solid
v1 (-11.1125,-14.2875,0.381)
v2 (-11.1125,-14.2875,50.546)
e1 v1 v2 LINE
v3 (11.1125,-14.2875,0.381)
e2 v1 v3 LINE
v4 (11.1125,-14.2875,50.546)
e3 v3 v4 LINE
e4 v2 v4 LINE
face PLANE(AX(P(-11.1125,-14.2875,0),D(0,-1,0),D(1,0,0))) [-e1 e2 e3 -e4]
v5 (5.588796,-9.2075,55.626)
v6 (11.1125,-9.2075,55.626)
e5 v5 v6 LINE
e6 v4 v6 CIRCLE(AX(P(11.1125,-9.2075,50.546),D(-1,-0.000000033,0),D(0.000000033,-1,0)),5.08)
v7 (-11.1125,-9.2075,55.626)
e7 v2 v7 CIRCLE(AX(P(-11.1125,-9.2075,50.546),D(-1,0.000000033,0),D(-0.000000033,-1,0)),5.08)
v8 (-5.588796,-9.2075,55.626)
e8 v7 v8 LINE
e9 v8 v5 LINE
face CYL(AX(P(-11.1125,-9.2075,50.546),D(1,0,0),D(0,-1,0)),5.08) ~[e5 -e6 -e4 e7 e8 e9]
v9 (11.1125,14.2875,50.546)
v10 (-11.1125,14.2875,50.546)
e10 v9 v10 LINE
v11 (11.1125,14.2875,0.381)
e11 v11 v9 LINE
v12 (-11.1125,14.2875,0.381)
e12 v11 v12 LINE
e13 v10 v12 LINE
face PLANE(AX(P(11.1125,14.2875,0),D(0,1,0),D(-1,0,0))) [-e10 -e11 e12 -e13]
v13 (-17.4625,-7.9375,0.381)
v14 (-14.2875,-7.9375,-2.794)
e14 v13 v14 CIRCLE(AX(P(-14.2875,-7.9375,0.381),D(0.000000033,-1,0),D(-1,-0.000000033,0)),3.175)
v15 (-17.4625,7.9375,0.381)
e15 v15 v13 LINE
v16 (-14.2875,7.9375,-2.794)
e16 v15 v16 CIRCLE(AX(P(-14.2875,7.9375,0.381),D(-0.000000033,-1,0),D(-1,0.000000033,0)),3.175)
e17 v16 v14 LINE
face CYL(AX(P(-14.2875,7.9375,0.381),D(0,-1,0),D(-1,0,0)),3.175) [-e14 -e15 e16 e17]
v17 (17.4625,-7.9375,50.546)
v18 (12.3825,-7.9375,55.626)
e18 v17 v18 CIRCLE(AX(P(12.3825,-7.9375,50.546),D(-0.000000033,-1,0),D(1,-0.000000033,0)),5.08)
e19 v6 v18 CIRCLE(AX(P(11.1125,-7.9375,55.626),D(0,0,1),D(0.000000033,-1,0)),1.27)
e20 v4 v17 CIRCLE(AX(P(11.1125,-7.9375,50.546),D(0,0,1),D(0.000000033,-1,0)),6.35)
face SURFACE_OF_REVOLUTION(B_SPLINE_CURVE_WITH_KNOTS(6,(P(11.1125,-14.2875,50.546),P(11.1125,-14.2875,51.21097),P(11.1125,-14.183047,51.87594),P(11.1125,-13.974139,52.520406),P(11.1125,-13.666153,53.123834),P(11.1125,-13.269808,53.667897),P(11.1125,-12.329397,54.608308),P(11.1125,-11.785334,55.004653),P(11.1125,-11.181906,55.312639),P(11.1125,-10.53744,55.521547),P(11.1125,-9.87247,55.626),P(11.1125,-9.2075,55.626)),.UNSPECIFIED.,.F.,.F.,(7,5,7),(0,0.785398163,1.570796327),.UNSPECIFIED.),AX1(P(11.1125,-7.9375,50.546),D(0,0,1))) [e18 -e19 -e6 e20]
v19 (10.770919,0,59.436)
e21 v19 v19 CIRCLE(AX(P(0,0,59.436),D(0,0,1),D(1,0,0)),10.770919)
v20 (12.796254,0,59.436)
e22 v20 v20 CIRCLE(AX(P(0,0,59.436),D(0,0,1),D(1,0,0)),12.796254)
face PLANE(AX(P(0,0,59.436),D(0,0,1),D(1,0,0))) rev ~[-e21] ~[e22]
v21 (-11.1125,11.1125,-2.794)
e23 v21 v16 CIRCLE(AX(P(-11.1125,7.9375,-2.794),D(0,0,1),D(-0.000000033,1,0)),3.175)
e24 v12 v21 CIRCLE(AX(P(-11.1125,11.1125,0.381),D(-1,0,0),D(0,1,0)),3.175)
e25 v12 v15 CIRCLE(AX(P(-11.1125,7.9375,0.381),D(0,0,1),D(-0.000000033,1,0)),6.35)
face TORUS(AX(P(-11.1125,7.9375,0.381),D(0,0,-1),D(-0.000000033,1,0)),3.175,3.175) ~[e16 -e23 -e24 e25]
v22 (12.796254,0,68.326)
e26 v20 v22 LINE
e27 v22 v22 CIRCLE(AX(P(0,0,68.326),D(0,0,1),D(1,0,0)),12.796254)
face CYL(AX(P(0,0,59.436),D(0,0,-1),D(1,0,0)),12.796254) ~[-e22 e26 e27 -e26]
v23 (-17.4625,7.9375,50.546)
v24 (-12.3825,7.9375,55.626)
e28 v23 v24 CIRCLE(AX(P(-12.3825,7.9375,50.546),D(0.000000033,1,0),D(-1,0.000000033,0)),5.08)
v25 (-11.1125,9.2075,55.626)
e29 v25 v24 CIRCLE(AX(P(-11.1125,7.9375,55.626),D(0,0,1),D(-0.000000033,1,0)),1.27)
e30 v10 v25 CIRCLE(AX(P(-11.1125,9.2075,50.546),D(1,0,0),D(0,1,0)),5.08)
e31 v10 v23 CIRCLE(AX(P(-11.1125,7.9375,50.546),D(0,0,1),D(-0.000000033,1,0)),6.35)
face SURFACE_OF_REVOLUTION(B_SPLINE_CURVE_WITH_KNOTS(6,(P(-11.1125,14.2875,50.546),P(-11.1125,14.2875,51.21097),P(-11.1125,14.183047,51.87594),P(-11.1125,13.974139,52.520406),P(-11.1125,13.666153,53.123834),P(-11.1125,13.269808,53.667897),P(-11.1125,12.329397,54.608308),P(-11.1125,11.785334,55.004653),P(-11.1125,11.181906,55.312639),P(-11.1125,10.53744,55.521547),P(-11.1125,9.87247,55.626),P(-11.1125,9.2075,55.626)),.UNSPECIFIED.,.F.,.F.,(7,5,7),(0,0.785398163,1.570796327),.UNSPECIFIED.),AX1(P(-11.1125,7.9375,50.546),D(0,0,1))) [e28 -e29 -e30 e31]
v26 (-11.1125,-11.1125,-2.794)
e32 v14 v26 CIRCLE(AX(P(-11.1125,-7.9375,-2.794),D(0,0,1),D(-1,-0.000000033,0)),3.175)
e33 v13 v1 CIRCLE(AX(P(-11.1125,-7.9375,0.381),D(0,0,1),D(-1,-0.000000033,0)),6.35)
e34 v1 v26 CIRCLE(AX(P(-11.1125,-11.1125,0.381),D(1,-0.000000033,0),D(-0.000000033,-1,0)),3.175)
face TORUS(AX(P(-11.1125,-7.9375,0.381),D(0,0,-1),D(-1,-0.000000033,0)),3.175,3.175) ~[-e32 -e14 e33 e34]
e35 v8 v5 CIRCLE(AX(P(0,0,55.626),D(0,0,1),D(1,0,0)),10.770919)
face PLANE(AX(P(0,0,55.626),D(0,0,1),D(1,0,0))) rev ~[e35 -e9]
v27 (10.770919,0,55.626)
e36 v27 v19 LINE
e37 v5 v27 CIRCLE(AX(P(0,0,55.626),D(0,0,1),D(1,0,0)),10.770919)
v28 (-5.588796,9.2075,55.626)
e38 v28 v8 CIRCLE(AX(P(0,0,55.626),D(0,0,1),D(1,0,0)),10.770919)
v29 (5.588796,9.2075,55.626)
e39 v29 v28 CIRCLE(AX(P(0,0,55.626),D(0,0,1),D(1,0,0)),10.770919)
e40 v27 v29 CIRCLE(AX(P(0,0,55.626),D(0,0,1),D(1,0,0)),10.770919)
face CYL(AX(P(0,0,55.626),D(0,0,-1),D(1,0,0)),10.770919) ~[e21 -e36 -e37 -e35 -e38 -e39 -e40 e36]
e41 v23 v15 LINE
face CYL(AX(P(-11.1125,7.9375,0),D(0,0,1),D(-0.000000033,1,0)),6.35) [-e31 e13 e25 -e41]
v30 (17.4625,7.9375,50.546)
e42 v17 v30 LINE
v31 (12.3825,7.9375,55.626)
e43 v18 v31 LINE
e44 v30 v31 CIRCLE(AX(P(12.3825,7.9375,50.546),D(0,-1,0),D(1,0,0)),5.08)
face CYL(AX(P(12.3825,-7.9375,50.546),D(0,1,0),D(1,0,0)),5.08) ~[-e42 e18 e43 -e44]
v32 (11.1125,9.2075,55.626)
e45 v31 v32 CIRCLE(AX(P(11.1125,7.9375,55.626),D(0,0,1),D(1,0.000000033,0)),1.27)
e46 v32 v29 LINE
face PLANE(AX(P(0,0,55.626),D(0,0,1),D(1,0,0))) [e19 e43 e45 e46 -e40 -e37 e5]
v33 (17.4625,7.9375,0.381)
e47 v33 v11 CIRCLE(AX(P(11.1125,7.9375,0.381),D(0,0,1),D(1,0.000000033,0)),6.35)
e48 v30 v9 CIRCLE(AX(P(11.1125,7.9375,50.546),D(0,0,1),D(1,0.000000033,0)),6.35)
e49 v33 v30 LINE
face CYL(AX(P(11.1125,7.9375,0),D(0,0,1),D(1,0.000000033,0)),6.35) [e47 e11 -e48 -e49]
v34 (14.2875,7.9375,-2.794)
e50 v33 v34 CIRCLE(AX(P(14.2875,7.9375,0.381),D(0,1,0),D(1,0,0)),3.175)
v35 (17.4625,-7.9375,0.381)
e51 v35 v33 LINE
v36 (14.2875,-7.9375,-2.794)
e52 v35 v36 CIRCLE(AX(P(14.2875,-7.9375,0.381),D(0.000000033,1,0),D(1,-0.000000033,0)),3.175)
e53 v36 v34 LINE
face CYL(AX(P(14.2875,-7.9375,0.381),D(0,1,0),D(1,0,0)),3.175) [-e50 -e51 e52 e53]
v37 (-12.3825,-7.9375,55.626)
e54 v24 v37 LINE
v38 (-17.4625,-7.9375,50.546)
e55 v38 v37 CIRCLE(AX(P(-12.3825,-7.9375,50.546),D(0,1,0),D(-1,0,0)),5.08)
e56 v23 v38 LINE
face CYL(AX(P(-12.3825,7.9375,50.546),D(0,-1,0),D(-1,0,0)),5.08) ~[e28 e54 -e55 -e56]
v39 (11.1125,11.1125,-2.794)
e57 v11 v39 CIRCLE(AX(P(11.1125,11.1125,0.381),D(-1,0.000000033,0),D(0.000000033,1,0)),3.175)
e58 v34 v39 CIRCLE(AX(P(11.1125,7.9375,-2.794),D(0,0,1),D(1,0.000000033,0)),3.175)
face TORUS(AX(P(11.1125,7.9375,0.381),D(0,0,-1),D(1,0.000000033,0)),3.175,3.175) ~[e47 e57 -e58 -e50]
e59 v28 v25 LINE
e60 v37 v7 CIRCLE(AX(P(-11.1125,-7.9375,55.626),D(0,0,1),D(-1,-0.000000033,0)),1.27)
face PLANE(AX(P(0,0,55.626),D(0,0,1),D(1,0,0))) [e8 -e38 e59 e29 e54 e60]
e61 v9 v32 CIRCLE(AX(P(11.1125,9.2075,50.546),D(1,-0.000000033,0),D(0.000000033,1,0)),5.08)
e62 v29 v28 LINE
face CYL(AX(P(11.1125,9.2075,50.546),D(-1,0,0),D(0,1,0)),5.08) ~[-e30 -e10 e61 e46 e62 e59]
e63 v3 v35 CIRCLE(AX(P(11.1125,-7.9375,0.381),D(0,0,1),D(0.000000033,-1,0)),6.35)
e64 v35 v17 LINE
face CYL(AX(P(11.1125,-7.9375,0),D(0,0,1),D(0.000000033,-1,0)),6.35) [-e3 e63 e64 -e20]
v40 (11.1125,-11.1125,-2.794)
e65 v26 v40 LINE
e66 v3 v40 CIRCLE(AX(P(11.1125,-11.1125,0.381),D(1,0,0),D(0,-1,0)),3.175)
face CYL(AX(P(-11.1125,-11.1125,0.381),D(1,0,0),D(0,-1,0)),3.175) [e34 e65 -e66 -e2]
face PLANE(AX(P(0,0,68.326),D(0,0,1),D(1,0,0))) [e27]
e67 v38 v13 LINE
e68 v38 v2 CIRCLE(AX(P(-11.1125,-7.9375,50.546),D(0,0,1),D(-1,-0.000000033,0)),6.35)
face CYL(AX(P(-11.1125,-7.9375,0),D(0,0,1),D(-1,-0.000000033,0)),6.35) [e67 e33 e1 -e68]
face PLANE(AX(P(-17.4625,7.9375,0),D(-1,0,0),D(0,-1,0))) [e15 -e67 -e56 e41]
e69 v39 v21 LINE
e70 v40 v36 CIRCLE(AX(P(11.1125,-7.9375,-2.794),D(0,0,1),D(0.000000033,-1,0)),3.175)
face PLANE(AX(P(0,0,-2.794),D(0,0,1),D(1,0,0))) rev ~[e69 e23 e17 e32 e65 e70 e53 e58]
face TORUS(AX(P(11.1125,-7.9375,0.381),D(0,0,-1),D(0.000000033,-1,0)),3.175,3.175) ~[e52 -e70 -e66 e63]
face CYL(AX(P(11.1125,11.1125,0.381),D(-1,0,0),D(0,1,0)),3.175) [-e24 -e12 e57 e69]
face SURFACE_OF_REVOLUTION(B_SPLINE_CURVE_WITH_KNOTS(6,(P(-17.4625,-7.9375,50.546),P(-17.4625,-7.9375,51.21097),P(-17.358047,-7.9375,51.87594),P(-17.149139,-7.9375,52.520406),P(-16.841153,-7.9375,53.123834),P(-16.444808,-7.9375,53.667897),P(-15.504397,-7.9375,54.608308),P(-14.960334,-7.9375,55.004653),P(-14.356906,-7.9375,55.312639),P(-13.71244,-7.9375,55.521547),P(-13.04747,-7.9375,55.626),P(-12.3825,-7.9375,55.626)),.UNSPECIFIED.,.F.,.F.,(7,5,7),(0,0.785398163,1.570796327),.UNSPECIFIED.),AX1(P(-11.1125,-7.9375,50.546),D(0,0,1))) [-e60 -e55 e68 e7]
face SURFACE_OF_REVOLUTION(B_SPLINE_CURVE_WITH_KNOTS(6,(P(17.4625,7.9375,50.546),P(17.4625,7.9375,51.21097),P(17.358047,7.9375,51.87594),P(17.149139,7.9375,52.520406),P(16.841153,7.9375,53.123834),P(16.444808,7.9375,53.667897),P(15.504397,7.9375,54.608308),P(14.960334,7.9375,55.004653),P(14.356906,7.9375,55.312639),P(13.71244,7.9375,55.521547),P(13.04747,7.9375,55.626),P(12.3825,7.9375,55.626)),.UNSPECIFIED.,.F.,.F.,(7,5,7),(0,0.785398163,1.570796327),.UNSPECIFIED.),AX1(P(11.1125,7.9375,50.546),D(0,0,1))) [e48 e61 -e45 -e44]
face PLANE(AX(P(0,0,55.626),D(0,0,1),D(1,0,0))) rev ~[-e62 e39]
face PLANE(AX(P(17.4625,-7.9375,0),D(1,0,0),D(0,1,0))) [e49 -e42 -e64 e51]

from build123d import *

# Parameters (mm, degrees)
F1_DEPTH = 55.626
F2_R     = 5.08
F3_DEPTH = 2.794
F4_R     = 3.175
F5_R     = 10.770919
F6_DEPTH = 3.81
F7_R     = 12.796254
F8_DEPTH = 8.89


with BuildPart() as f1:
    # F0 (on Top) → F1 (new body)
    with BuildSketch(Plane.XY):
        with BuildLine():
            ThreePointArc((-17.4625, -7.9375), (-15.602628, -12.427628), (-11.1125, -14.2875))
            Line((-11.1125, -14.2875), (11.1125, -14.2875))
            ThreePointArc((11.1125, -14.2875), (15.602628, -12.427628), (17.4625, -7.9375))
            Line((17.4625, -7.9375), (17.4625, 7.9375))
            ThreePointArc((17.4625, 7.9375), (15.602628, 12.427628), (11.1125, 14.2875))
            Line((11.1125, 14.2875), (-11.1125, 14.2875))
            ThreePointArc((-11.1125, 14.2875), (-15.602628, 12.427628), (-17.4625, 7.9375))
            Line((-17.4625, 7.9375), (-17.4625, -7.9375))
        make_face()
    extrude(amount=F1_DEPTH)

    # F2
    f2_edges = [f1.edges().sort_by_distance(p)[0] for p in [
        (15.602628, -12.427628, 55.626),
    ]]
    fillet(f2_edges, radius=F2_R)

    # F0 (on Top) → F3 (join)
    with BuildSketch(Plane.XY):
        with BuildLine():
            ThreePointArc((-17.4625, -7.9375), (-15.602628, -12.427628), (-11.1125, -14.2875))
            Line((-11.1125, -14.2875), (11.1125, -14.2875))
            ThreePointArc((11.1125, -14.2875), (15.602628, -12.427628), (17.4625, -7.9375))
            Line((17.4625, -7.9375), (17.4625, 7.9375))
            ThreePointArc((17.4625, 7.9375), (15.602628, 12.427628), (11.1125, 14.2875))
            Line((11.1125, 14.2875), (-11.1125, 14.2875))
            ThreePointArc((-11.1125, 14.2875), (-15.602628, 12.427628), (-17.4625, 7.9375))
            Line((-17.4625, 7.9375), (-17.4625, -7.9375))
        make_face()
    extrude(amount=-F3_DEPTH)

    # F4
    f4_edges = [f1.edges().sort_by_distance(p)[0] for p in [
        (-15.602628, -12.427628, -2.794),
    ]]
    fillet(f4_edges, radius=F4_R)

    # F5 (on face) → F6 (join)
    with BuildSketch(Plane.XY.offset(55.626)):
        Circle(F5_R)
    extrude(amount=F6_DEPTH)

    # F7 (on face) → F8 (join)
    with BuildSketch(Plane.XY.offset(59.436)):
        Circle(F7_R)
    extrude(amount=F8_DEPTH)


solid = f1.part
